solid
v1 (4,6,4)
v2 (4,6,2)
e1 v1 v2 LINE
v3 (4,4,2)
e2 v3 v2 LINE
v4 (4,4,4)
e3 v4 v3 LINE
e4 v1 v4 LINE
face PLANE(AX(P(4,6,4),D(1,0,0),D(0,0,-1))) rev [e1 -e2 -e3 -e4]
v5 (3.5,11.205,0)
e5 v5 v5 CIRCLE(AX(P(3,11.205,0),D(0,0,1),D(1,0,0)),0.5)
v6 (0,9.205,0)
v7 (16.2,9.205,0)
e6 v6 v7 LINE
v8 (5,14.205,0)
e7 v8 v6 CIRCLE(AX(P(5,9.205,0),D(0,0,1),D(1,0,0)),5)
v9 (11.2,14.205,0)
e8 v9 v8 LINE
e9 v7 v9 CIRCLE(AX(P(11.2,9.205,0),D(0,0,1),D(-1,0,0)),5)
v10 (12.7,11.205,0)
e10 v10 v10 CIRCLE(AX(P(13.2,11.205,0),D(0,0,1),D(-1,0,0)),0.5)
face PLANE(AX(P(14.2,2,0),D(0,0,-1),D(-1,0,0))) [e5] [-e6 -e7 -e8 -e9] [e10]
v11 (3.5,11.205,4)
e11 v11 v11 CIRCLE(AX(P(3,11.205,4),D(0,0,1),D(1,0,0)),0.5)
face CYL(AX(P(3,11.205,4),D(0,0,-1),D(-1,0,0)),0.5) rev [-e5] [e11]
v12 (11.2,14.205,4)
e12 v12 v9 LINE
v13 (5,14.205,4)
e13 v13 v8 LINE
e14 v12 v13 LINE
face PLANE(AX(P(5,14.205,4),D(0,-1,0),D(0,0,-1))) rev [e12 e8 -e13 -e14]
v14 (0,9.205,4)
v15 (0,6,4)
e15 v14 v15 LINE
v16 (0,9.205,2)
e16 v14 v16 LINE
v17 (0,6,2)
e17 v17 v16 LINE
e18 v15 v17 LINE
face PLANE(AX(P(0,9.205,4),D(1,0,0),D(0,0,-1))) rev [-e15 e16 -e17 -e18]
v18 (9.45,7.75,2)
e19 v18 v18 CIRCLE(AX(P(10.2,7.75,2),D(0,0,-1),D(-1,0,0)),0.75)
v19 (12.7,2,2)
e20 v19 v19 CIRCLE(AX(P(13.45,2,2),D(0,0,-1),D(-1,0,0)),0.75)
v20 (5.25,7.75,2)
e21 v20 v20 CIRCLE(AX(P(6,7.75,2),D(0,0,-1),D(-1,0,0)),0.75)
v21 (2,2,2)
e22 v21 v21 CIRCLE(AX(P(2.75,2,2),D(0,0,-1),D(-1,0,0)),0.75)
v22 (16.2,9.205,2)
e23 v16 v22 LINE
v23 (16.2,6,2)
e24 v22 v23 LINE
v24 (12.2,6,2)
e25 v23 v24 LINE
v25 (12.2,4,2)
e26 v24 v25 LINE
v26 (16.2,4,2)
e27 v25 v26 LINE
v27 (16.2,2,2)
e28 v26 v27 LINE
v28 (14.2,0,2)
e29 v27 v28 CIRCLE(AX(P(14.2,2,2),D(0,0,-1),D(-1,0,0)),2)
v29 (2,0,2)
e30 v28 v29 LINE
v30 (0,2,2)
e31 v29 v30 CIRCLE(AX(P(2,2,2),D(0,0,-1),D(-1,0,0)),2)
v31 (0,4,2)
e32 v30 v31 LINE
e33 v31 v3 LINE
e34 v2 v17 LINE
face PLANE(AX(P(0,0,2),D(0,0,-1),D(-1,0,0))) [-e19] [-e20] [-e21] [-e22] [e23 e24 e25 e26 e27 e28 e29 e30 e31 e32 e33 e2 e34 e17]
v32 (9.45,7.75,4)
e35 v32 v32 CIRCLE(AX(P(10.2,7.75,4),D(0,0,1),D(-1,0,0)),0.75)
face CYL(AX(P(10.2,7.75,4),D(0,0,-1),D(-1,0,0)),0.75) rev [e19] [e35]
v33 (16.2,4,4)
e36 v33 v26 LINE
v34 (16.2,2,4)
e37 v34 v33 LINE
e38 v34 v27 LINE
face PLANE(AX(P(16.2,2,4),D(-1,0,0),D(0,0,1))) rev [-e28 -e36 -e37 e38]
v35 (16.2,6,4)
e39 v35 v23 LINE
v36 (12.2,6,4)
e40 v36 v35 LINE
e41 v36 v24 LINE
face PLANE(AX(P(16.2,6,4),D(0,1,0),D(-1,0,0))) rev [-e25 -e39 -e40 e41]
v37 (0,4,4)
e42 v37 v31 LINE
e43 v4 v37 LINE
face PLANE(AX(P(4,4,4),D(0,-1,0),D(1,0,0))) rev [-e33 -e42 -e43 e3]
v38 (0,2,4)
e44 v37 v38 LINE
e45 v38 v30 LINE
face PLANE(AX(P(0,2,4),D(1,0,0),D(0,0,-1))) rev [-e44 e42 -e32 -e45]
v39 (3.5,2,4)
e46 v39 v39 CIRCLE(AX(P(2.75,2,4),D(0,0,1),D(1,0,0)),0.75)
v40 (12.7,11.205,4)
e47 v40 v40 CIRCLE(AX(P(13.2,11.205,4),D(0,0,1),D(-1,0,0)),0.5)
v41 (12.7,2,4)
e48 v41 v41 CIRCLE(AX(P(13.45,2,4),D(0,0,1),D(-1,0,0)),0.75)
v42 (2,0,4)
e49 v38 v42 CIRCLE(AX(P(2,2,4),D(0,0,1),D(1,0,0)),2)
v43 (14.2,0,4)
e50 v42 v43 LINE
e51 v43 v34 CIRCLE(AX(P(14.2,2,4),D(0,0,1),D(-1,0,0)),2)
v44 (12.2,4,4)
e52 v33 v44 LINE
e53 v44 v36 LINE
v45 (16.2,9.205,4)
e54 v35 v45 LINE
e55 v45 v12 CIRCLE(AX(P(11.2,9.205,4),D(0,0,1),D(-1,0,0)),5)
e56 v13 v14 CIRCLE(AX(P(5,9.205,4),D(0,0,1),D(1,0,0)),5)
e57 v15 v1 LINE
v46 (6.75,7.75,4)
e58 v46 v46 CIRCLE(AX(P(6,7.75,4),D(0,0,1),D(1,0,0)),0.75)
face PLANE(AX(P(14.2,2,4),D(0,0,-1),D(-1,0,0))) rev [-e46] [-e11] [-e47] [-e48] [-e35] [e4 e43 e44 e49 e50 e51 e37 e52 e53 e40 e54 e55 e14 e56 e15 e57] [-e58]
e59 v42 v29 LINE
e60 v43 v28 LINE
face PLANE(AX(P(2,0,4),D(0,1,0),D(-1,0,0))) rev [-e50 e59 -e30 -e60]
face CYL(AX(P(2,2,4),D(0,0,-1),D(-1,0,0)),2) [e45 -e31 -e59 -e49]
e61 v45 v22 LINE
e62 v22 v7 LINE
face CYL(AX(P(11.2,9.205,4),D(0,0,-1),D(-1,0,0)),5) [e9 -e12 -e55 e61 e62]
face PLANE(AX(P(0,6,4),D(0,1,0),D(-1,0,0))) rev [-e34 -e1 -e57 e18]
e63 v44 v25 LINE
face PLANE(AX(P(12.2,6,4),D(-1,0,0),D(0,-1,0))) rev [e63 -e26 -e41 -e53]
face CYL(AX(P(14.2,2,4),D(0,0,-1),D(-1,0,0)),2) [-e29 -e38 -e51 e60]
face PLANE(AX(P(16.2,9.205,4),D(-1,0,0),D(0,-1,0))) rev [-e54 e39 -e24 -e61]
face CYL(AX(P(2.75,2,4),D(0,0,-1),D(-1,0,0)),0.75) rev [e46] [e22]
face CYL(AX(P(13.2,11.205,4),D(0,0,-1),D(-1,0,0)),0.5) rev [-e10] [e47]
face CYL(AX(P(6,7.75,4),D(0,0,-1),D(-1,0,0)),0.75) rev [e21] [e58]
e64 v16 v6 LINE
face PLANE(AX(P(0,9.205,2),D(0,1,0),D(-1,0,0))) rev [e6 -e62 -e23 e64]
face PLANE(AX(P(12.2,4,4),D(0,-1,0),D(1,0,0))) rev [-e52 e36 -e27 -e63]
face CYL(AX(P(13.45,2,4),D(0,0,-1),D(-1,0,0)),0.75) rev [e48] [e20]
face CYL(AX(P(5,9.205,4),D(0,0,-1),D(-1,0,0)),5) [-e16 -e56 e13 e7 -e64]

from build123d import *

# Parameters (mm, degrees)
SKETCH1_R           = 0.75
SKETCH1_R_2         = 0.5
BOSS_EXTRUDE1_DEPTH = 4
SKETCH2_W           = 16.2
SKETCH2_H           = 9.205
CUT_EXTRUDE1_DEPTH  = 2


with BuildPart() as part:
    # Sketch1 → Boss-Extrude1 (new body)
    with BuildSketch(Plane.XY):
        with BuildLine():
            Line((12.2, 4), (16.2, 4))
            Line((16.2, 4), (16.2, 2))
            ThreePointArc((16.2, 2), (15.614213562, 0.585786438), (14.2, 0))
            Line((14.2, 0), (2, 0))
            ThreePointArc((2, 0), (0.585786438, 0.585786438), (0, 2))
            Line((0, 2), (0, 4))
            Line((0, 4), (4, 4))
            Line((4, 4), (4, 6))
            Line((4, 6), (0, 6))
            Line((0, 6), (0, 9.205))
            ThreePointArc((0, 9.205), (1.464466094, 12.740533906), (5, 14.205))
            Line((5, 14.205), (11.2, 14.205))
            ThreePointArc((11.2, 14.205), (14.735533906, 12.740533906), (16.2, 9.205))
            Line((16.2, 9.205), (16.2, 6))
            Line((16.2, 6), (12.2, 6))
            Line((12.2, 6), (12.2, 4))
        make_face()
        with Locations((13.45, 2)):
            Circle(SKETCH1_R, mode=Mode.SUBTRACT)
        with Locations((13.2, 11.205)):
            Circle(SKETCH1_R_2, mode=Mode.SUBTRACT)
        with Locations((10.2, 7.75)):
            Circle(SKETCH1_R, mode=Mode.SUBTRACT)
        with Locations((6, 7.75)):
            Circle(SKETCH1_R, mode=Mode.SUBTRACT)
        with Locations((3, 11.205)):
            Circle(SKETCH1_R_2, mode=Mode.SUBTRACT)
        with Locations((2.75, 2)):
            Circle(SKETCH1_R, mode=Mode.SUBTRACT)
    extrude(amount=BOSS_EXTRUDE1_DEPTH)

    # Sketch2 → Cut-Extrude1 (cut)
    with BuildSketch(Plane(origin=(0, 0, 0), x_dir=(-1, 0, 0), z_dir=(0, 0, -1))):
        with Locations((-8.1, 4.6025)):
            Rectangle(SKETCH2_W, SKETCH2_H)
    extrude(amount=-CUT_EXTRUDE1_DEPTH, mode=Mode.SUBTRACT)


solid = part.part
